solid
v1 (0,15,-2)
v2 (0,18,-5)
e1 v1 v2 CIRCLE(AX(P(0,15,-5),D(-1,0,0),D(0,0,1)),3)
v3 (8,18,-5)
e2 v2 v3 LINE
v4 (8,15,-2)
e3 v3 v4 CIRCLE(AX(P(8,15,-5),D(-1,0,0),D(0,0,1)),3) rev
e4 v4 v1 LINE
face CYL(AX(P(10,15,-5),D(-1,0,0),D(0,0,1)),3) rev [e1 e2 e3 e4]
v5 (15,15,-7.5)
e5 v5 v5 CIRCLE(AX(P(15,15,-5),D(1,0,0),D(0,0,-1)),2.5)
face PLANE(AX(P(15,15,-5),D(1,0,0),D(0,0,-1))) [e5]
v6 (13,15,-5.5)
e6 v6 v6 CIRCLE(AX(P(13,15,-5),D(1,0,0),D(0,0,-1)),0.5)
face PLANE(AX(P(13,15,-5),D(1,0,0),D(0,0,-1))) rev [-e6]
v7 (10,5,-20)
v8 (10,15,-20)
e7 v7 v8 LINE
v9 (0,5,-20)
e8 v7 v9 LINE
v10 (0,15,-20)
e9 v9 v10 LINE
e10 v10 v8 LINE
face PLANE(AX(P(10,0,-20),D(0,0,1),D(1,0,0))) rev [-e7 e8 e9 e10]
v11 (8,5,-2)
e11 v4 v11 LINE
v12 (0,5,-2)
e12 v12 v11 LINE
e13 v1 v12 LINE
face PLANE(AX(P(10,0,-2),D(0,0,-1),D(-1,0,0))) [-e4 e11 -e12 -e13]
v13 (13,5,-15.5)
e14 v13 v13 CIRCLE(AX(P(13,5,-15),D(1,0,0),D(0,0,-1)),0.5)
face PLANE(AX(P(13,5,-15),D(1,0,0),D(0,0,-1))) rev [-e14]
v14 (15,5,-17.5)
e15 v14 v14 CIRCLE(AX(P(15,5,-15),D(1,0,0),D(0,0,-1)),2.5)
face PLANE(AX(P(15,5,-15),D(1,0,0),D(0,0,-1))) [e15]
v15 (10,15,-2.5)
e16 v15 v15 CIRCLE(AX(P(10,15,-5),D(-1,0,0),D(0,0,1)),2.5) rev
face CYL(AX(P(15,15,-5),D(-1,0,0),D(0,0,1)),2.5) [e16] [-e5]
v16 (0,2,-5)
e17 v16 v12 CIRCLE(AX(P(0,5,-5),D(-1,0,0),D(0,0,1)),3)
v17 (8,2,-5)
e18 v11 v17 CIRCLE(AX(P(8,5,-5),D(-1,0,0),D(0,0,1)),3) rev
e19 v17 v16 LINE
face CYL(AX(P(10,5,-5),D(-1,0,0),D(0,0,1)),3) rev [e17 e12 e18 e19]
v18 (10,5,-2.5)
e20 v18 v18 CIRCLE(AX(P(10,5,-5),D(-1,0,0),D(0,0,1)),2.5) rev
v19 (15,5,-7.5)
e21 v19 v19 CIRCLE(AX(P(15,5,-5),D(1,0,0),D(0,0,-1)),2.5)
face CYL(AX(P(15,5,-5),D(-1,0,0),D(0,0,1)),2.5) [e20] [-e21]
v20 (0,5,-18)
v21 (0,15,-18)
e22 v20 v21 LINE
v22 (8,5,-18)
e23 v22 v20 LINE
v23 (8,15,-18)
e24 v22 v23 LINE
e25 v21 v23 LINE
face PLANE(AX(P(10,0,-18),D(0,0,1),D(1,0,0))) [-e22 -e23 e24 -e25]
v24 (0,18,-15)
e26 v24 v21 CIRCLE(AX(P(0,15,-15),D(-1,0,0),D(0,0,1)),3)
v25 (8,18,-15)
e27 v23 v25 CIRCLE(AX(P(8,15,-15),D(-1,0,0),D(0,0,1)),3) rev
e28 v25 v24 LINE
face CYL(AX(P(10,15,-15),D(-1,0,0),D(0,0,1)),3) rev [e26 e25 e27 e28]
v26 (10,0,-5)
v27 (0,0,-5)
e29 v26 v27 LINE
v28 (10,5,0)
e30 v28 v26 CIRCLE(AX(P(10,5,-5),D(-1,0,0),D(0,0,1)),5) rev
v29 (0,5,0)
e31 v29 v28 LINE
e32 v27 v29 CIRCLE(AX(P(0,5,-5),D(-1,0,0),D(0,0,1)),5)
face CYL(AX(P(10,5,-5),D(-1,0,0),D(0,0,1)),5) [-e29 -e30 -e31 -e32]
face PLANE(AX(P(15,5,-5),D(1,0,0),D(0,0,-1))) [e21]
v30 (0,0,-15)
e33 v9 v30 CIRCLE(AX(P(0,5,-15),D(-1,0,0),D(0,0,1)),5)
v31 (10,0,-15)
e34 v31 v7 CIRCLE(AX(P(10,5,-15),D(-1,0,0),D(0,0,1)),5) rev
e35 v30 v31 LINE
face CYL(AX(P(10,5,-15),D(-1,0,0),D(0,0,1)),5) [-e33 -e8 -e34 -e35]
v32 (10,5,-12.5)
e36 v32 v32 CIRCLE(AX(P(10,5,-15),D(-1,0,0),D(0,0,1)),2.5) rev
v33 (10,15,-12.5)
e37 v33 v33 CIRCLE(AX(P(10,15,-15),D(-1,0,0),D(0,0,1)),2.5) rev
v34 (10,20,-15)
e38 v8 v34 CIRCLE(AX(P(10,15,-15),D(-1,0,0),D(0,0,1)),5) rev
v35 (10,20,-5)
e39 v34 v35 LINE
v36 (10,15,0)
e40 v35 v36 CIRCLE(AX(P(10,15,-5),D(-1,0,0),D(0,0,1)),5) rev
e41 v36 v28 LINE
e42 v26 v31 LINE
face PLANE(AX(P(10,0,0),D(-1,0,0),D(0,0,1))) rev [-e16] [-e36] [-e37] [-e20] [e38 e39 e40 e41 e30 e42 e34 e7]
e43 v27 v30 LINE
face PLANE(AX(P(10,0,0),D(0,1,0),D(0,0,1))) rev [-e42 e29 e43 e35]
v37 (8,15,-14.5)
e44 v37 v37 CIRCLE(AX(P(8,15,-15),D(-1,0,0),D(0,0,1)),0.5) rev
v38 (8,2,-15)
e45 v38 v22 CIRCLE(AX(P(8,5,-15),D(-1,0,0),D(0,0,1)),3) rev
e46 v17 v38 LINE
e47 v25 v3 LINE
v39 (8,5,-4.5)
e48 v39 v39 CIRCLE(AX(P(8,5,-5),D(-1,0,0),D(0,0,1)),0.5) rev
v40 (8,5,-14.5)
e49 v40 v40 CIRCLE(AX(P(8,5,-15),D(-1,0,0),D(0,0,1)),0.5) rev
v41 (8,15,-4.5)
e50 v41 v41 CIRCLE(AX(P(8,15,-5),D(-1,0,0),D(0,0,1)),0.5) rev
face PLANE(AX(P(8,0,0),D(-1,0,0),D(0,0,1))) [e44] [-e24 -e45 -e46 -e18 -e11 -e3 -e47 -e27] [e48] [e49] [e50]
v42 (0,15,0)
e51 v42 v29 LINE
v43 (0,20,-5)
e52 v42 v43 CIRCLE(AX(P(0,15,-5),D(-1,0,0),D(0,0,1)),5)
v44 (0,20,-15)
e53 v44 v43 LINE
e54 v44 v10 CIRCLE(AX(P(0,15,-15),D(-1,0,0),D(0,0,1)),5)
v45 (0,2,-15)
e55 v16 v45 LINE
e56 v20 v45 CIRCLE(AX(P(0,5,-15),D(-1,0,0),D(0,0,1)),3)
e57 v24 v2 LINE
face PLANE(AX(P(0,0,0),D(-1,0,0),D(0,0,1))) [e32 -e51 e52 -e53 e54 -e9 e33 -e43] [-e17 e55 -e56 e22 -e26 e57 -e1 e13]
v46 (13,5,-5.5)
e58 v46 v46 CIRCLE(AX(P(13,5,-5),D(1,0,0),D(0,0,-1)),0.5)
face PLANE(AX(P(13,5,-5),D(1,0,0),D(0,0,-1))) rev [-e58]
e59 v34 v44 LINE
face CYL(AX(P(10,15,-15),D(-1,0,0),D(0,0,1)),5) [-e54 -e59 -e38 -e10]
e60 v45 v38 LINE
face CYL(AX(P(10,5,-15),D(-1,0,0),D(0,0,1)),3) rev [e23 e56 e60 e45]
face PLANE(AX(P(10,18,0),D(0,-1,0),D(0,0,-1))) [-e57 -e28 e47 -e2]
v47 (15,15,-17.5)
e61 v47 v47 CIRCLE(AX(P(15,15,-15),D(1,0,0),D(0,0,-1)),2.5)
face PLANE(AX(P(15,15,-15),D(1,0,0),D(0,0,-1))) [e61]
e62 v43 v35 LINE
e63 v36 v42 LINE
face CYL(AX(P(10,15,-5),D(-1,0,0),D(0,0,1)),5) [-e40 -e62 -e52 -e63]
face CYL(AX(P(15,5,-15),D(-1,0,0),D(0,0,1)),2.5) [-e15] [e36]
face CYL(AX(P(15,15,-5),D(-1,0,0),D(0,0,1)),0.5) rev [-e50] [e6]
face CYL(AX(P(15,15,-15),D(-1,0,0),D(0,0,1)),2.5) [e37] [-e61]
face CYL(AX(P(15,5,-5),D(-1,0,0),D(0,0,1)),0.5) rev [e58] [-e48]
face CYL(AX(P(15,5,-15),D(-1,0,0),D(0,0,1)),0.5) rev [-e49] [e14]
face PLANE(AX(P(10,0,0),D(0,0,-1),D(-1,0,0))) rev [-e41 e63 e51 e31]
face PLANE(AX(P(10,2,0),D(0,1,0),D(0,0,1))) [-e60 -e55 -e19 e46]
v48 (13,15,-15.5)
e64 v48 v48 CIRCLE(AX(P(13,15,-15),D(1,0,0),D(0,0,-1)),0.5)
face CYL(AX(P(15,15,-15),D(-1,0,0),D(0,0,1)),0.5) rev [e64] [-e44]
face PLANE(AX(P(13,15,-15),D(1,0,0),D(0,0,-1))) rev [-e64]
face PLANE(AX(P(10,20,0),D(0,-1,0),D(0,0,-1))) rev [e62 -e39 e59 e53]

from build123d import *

# Parameters (mm, degrees)
SKETCH5_W           = 20
SKETCH5_H           = 20
BOSS_EXTRUDE1_DEPTH = 10
SKETCH6_R           = 2.5
BOSS_EXTRUDE2_DEPTH = 5
FILLET1_R           = 5
SHELL2_T            = -2


with BuildPart() as part:
    # Sketch5 → Boss-Extrude1 (new body)
    with BuildSketch(Plane(origin=(0, 0, 0), x_dir=(0, 0, -1), z_dir=(1, 0, 0))):
        with Locations((10, 10)):
            Rectangle(SKETCH5_W, SKETCH5_H)
    extrude(amount=BOSS_EXTRUDE1_DEPTH)

    # Sketch6 → Boss-Extrude2 (add)
    with BuildSketch(Plane(origin=(10, 0, 0), x_dir=(0, 0, -1), z_dir=(1, 0, 0))):
        with Locations(Location((5, 15, 0), (0, 0, 180))):
            Circle(SKETCH6_R)
        with Locations(Location((15, 15, 0), (0, 0, 180))):
            Circle(SKETCH6_R)
        with Locations(Location((15, 5, 0), (0, 0, 180))):
            Circle(SKETCH6_R)
        with Locations(Location((5, 5, 0), (0, 0, 180))):
            Circle(SKETCH6_R)
    extrude(amount=BOSS_EXTRUDE2_DEPTH)

    # Fillet1
    fillet1_edges = [part.edges().sort_by_distance(p)[0] for p in [
        (5, 20, 0),
        (5, 20, -20),
        (5, 0, -20),
        (5, 0, 0),
    ]]
    fillet(fillet1_edges, radius=FILLET1_R)

    # Shell2
    shell2_openings = [part.faces().sort_by_distance(p)[0] for p in [
        (0, 10, -10),
    ]]
    offset(amount=SHELL2_T, openings=shell2_openings, kind=Kind.INTERSECTION)


solid = part.part
